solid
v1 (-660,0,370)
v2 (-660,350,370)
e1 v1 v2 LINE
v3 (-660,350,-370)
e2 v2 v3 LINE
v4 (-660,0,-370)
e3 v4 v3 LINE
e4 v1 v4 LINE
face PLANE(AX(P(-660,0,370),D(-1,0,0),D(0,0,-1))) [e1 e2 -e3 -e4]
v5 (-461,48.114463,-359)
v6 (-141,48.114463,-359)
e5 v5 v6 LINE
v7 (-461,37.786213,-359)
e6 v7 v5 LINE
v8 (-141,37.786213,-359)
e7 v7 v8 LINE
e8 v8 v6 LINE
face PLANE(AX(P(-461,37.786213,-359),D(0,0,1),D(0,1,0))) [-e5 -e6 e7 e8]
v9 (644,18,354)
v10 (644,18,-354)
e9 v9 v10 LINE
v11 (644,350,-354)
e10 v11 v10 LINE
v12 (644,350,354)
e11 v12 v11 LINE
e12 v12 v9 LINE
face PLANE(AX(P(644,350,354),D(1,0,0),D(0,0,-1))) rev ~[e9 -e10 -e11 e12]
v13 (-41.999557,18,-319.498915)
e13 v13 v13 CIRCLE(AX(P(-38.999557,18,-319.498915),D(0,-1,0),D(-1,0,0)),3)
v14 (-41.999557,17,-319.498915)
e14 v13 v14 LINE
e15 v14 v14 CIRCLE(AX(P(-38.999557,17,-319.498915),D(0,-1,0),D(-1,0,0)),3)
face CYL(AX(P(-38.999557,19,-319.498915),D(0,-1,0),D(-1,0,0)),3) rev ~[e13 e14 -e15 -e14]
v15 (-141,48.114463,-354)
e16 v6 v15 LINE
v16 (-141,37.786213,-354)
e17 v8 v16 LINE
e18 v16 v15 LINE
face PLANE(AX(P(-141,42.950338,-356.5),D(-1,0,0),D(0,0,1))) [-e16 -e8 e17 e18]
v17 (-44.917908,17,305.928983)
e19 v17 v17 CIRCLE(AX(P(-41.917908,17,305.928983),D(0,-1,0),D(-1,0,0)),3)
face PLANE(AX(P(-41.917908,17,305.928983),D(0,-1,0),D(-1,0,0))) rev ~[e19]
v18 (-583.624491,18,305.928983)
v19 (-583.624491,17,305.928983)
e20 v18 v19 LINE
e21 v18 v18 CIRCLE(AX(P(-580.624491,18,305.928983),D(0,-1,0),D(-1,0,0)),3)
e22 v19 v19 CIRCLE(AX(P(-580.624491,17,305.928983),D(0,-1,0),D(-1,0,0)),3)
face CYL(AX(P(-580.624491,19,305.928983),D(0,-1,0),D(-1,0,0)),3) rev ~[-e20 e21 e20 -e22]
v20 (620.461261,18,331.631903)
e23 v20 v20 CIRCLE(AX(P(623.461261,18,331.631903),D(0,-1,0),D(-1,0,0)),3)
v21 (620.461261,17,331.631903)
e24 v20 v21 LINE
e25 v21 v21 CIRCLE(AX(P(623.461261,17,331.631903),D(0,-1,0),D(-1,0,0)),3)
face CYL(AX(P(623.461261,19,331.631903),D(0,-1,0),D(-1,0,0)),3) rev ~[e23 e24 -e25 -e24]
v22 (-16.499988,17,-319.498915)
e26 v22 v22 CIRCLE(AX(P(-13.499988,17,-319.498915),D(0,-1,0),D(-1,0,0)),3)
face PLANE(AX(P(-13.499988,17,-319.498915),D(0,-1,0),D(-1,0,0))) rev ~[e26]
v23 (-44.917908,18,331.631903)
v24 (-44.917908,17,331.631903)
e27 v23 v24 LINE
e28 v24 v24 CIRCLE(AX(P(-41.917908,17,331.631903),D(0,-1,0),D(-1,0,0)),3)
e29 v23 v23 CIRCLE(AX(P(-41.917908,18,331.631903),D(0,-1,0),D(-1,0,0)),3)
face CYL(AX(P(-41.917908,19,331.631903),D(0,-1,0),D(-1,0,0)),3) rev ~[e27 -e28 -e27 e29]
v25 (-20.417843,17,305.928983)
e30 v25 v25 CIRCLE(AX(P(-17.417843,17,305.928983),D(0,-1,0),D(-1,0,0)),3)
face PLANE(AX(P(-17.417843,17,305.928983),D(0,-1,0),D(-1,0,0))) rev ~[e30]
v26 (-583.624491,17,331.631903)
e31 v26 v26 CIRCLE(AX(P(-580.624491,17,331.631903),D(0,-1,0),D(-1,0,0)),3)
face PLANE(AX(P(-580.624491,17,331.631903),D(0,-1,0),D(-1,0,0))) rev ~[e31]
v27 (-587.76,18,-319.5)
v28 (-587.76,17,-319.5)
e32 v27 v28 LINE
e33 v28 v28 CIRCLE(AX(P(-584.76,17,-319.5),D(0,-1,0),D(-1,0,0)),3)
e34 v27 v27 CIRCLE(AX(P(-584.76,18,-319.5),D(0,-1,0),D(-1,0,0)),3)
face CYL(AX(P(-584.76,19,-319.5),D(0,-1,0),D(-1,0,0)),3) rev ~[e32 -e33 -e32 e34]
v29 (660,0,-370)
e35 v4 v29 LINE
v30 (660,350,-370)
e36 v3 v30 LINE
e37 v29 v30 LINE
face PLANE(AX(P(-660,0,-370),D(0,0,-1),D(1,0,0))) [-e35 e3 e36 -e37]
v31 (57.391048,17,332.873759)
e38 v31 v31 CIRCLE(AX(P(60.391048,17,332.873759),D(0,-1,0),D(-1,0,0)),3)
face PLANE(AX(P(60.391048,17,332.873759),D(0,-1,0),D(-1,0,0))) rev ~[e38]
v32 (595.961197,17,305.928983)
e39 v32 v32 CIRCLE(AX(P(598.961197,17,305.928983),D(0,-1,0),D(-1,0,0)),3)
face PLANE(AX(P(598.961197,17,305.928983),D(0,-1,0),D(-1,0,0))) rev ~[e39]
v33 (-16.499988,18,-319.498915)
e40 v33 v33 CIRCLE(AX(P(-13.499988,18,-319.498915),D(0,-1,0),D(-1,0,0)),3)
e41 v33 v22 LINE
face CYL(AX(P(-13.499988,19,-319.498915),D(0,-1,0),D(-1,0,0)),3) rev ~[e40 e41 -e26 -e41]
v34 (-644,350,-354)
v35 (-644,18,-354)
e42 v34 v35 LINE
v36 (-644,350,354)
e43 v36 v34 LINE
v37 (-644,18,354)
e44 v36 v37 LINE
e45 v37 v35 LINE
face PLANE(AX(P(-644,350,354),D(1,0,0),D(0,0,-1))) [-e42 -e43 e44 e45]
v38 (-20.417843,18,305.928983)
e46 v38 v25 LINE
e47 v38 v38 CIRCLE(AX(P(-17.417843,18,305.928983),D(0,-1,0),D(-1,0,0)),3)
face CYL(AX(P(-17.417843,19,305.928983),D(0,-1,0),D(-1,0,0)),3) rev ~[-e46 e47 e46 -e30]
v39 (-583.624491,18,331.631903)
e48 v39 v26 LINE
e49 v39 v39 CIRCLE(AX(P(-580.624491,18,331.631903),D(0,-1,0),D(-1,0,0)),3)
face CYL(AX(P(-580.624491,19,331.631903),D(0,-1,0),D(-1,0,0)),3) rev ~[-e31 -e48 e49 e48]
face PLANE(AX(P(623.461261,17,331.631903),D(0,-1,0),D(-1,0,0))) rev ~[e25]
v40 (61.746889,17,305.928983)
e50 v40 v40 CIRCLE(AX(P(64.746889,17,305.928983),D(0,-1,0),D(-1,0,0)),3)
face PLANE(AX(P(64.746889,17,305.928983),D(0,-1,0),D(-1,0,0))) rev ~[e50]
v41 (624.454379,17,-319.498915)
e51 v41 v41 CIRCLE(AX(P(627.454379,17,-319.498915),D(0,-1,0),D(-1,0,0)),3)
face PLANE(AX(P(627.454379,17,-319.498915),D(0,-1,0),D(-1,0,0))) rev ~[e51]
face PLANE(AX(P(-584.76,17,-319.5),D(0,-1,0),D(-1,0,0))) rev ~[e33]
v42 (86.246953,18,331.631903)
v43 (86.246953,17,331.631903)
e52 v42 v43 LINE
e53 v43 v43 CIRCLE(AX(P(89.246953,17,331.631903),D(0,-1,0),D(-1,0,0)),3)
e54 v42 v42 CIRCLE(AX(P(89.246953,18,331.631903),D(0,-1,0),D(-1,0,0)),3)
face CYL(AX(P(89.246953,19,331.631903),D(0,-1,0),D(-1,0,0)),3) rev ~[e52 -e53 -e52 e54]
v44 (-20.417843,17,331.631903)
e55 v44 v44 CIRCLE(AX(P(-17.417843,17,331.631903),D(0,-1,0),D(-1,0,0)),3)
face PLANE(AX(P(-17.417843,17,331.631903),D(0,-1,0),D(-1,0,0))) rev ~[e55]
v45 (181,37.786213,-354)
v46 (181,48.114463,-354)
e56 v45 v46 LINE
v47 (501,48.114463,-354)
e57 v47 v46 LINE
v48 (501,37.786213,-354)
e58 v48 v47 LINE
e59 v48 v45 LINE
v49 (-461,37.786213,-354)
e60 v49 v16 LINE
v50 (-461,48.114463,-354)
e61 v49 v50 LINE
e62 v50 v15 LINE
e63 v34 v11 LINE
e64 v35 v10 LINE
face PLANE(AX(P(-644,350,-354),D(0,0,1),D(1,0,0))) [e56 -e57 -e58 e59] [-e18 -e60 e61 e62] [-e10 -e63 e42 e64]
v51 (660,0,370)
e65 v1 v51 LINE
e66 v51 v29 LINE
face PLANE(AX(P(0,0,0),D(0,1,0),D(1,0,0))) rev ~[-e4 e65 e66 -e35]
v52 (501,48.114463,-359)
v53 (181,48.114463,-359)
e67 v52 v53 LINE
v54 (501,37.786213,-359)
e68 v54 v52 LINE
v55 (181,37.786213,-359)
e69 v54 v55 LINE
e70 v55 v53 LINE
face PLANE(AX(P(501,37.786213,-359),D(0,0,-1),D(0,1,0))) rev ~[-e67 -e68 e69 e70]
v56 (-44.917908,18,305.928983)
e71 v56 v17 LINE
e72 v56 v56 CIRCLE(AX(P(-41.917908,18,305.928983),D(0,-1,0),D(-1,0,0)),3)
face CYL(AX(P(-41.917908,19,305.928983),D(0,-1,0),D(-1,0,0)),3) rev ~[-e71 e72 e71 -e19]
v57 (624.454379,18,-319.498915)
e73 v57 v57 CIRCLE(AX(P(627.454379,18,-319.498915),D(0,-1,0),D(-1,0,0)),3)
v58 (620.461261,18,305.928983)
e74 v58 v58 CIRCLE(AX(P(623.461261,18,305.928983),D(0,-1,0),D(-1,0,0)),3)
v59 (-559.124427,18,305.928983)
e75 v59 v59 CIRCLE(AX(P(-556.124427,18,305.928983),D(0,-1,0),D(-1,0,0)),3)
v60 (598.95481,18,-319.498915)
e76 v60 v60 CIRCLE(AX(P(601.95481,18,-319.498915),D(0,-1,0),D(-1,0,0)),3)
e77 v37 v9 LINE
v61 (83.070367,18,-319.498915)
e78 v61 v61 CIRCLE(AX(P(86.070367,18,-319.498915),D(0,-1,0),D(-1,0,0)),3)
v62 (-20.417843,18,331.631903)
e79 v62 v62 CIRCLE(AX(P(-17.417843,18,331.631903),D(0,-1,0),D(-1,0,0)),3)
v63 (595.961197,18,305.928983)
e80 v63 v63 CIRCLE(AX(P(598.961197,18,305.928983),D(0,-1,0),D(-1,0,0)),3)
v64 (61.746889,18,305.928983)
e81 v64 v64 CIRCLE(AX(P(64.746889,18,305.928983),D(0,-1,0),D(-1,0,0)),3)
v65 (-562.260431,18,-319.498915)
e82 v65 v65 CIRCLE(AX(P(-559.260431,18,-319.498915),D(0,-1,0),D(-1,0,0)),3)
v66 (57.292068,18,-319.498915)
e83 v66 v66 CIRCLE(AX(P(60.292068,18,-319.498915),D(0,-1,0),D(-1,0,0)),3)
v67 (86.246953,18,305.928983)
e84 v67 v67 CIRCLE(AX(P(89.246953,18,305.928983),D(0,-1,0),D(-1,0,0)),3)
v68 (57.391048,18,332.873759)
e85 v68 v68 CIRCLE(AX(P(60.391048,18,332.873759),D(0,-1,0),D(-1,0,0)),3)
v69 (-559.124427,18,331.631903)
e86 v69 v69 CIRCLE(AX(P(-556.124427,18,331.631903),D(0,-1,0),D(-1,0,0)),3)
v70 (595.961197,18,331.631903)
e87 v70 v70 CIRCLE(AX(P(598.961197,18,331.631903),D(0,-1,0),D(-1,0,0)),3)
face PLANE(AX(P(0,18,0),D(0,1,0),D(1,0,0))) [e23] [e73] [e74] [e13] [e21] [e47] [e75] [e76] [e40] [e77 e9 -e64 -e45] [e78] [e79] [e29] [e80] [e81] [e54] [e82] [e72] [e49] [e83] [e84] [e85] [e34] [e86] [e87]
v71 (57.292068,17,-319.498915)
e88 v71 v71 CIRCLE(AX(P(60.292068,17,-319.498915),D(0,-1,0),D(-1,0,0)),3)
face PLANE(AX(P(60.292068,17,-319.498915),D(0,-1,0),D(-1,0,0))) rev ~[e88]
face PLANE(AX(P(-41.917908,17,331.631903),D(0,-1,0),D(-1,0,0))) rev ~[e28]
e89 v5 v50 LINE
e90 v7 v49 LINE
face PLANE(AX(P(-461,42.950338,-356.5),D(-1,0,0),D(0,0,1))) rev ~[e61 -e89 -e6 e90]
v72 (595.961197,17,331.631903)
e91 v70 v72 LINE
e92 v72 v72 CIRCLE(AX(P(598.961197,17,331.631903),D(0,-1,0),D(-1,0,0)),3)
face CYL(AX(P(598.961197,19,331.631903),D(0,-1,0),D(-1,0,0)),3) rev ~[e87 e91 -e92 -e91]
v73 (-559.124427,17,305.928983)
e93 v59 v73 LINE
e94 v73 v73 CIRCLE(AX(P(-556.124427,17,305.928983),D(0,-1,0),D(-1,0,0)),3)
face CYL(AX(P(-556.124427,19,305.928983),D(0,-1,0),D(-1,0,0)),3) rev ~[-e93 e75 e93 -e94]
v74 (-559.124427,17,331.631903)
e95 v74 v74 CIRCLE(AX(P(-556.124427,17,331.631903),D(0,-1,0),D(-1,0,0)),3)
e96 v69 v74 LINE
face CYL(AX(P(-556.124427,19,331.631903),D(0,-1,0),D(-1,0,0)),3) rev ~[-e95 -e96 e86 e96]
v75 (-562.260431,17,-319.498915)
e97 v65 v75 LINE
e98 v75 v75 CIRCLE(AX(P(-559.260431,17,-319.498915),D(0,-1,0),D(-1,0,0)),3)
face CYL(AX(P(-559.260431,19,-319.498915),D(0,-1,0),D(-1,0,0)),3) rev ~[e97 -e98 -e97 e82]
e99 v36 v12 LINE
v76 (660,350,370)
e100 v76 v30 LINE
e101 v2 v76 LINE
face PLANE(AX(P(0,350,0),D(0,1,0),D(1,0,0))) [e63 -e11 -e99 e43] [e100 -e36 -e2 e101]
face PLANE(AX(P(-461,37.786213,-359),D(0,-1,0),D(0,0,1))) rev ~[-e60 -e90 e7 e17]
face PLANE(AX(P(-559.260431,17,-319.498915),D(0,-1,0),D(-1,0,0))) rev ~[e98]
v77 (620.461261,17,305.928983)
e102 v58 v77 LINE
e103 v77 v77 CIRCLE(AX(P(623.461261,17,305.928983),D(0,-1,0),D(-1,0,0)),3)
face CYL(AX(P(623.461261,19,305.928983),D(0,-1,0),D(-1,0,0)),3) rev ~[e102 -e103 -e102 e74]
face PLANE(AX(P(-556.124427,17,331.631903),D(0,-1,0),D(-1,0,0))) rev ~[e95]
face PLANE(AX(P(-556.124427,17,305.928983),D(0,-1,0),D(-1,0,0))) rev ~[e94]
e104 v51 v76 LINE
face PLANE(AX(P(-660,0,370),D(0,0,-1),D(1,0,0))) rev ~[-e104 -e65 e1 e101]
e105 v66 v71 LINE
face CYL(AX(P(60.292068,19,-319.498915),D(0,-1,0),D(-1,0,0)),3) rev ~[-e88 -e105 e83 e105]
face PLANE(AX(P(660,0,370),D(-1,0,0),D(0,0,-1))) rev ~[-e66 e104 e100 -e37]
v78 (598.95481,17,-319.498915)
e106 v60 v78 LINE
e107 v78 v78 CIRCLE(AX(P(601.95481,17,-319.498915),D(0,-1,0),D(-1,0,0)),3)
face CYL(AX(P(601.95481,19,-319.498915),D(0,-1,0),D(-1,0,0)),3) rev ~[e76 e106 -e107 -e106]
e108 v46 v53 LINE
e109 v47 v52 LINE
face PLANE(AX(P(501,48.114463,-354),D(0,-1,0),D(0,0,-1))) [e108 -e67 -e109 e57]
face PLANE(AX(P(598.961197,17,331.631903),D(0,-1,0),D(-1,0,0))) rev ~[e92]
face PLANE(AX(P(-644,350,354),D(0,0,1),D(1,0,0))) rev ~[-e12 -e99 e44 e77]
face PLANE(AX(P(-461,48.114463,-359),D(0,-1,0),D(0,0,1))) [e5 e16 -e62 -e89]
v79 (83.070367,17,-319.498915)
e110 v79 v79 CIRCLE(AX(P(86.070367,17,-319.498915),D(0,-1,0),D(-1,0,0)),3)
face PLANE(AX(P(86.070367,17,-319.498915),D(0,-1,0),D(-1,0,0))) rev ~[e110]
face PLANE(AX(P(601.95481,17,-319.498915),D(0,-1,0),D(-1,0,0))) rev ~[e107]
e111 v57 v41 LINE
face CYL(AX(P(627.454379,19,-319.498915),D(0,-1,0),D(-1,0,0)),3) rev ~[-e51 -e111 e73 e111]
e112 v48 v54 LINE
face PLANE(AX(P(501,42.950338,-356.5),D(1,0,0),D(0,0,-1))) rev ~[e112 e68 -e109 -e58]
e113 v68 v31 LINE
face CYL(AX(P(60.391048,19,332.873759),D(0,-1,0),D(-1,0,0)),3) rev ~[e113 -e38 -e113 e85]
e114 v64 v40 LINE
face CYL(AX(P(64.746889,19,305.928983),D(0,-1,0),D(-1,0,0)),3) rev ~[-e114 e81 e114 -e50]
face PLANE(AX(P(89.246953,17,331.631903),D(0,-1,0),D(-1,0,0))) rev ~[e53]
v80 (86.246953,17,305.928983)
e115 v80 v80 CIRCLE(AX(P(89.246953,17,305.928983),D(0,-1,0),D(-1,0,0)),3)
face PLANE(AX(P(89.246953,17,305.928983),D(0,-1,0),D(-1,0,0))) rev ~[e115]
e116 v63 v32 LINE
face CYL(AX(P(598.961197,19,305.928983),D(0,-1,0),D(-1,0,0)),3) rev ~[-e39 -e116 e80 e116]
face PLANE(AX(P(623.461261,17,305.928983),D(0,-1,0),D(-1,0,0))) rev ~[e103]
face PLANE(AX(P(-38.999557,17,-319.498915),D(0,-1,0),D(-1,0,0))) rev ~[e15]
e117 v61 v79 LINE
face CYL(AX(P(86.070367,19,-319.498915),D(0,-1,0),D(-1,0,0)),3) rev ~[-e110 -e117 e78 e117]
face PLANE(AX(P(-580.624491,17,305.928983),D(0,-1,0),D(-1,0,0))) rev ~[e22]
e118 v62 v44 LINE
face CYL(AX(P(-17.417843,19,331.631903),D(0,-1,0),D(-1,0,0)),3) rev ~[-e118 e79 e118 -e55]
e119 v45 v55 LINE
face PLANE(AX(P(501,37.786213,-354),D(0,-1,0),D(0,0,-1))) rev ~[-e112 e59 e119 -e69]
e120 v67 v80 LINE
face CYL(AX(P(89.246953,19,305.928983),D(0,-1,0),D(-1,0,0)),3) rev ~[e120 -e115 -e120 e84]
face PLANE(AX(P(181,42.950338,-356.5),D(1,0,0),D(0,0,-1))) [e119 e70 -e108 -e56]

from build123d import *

# Parameters (mm, degrees)
CROQUIS1_W                       = 1320
CROQUIS1_H                       = 740
SALIENTE_EXTRUIR1_DEPTH          = 350
CROQUIS2_W                       = 1288
CROQUIS2_H                       = 708
CORTAR_EXTRUIR1_DEPTH            = 332
TALADRO_DE_MARGEN_PARA_M61_D     = 6
TALADRO_DE_MARGEN_PARA_M61_DEPTH = 1
TALADRO_DE_MARGEN_PARA_M62_D     = 6
TALADRO_DE_MARGEN_PARA_M62_DEPTH = 1
CORTAR_EXTRUIR2_START            = -143
CROQUIS7_W                       = 5
CROQUIS7_H                       = 10.328249786
CORTAR_EXTRUIR2_DEPTH            = 320
CORTAR_EXTRUIR3_START            = -183
CROQUIS8_W                       = 5
CROQUIS8_H                       = 10.328249786
CORTAR_EXTRUIR3_DEPTH            = 320


with BuildPart() as part:
    # Croquis1 → Saliente-Extruir1 (new body)
    with BuildSketch(Plane(origin=(0, 0, 0), x_dir=(1, 0, 0), z_dir=(0, 1, 0))):
        Rectangle(CROQUIS1_W, CROQUIS1_H)
    extrude(amount=SALIENTE_EXTRUIR1_DEPTH)

    # Croquis2 → Cortar-Extruir1 (cut)
    with BuildSketch(Plane(origin=(0, 350, 0), x_dir=(1, 0, 0), z_dir=(0, 1, 0))):
        Rectangle(CROQUIS2_W, CROQUIS2_H)
    extrude(amount=-CORTAR_EXTRUIR1_DEPTH, mode=Mode.SUBTRACT)

    # Taladro de margen para M61
    with Locations(Plane(origin=(275.040116616, 18, -214.423302292), x_dir=(1, 0, 0), z_dir=(0, 1, 0))):
        with Locations((-831.164543187, -520.352285028), (-831.164543187, -546.055205699), (-855.664607514, -546.055205699), (-855.664607514, -520.352285028)):
            Hole(TALADRO_DE_MARGEN_PARA_M61_D / 2, depth=TALADRO_DE_MARGEN_PARA_M61_DEPTH)

    # Taladro de margen para M62
    with Locations(Plane(origin=(275.040116616, 18, -214.423302292), x_dir=(1, 0, 0), z_dir=(0, 1, 0))):
        with Locations((-859.800116616, 105.076697708), (-834.300547142, 105.075612323), (-314.039673698, 105.075612323), (-288.540104225, 105.075612323), (-214.748048522, 105.075612323), (-188.969749284, 105.075612323), (326.914692955, 105.075612323), (352.414262429, 105.075612323), (323.921080143, -520.352285028), (348.42114447, -520.352285028), (348.42114447, -546.055205699), (323.921080143, -546.055205699), (-185.793163735, -520.352285028), (-185.793163735, -546.055205699), (-214.649068849, -547.297061638), (-210.293228062, -520.352285028), (-292.457959943, -520.352285028), (-292.457959943, -546.055205699), (-316.95802427, -546.055205699), (-316.95802427, -520.352285028)):
            Hole(TALADRO_DE_MARGEN_PARA_M62_D / 2, depth=TALADRO_DE_MARGEN_PARA_M62_DEPTH)

    # Croquis7 → Cortar-Extruir2 (cut)
    with BuildSketch(Plane(origin=(644, 0, -214.423302292), x_dir=(0, 0, -1), z_dir=(1, 0, 0)).offset(CORTAR_EXTRUIR2_START)):
        with Locations((142.076697708, 42.95033831)):
            Rectangle(CROQUIS7_W, CROQUIS7_H)
    extrude(amount=-CORTAR_EXTRUIR2_DEPTH, mode=Mode.SUBTRACT)

    # Croquis8 → Cortar-Extruir3 (cut)
    with BuildSketch(Plane(origin=(-644, 0, -214.423302292), x_dir=(0, 0, 1), z_dir=(-1, 0, 0)).offset(CORTAR_EXTRUIR3_START)):
        with Locations((-142.076697708, 42.95033831)):
            Rectangle(CROQUIS8_W, CROQUIS8_H)
    extrude(amount=-CORTAR_EXTRUIR3_DEPTH, mode=Mode.SUBTRACT)


solid = part.part
